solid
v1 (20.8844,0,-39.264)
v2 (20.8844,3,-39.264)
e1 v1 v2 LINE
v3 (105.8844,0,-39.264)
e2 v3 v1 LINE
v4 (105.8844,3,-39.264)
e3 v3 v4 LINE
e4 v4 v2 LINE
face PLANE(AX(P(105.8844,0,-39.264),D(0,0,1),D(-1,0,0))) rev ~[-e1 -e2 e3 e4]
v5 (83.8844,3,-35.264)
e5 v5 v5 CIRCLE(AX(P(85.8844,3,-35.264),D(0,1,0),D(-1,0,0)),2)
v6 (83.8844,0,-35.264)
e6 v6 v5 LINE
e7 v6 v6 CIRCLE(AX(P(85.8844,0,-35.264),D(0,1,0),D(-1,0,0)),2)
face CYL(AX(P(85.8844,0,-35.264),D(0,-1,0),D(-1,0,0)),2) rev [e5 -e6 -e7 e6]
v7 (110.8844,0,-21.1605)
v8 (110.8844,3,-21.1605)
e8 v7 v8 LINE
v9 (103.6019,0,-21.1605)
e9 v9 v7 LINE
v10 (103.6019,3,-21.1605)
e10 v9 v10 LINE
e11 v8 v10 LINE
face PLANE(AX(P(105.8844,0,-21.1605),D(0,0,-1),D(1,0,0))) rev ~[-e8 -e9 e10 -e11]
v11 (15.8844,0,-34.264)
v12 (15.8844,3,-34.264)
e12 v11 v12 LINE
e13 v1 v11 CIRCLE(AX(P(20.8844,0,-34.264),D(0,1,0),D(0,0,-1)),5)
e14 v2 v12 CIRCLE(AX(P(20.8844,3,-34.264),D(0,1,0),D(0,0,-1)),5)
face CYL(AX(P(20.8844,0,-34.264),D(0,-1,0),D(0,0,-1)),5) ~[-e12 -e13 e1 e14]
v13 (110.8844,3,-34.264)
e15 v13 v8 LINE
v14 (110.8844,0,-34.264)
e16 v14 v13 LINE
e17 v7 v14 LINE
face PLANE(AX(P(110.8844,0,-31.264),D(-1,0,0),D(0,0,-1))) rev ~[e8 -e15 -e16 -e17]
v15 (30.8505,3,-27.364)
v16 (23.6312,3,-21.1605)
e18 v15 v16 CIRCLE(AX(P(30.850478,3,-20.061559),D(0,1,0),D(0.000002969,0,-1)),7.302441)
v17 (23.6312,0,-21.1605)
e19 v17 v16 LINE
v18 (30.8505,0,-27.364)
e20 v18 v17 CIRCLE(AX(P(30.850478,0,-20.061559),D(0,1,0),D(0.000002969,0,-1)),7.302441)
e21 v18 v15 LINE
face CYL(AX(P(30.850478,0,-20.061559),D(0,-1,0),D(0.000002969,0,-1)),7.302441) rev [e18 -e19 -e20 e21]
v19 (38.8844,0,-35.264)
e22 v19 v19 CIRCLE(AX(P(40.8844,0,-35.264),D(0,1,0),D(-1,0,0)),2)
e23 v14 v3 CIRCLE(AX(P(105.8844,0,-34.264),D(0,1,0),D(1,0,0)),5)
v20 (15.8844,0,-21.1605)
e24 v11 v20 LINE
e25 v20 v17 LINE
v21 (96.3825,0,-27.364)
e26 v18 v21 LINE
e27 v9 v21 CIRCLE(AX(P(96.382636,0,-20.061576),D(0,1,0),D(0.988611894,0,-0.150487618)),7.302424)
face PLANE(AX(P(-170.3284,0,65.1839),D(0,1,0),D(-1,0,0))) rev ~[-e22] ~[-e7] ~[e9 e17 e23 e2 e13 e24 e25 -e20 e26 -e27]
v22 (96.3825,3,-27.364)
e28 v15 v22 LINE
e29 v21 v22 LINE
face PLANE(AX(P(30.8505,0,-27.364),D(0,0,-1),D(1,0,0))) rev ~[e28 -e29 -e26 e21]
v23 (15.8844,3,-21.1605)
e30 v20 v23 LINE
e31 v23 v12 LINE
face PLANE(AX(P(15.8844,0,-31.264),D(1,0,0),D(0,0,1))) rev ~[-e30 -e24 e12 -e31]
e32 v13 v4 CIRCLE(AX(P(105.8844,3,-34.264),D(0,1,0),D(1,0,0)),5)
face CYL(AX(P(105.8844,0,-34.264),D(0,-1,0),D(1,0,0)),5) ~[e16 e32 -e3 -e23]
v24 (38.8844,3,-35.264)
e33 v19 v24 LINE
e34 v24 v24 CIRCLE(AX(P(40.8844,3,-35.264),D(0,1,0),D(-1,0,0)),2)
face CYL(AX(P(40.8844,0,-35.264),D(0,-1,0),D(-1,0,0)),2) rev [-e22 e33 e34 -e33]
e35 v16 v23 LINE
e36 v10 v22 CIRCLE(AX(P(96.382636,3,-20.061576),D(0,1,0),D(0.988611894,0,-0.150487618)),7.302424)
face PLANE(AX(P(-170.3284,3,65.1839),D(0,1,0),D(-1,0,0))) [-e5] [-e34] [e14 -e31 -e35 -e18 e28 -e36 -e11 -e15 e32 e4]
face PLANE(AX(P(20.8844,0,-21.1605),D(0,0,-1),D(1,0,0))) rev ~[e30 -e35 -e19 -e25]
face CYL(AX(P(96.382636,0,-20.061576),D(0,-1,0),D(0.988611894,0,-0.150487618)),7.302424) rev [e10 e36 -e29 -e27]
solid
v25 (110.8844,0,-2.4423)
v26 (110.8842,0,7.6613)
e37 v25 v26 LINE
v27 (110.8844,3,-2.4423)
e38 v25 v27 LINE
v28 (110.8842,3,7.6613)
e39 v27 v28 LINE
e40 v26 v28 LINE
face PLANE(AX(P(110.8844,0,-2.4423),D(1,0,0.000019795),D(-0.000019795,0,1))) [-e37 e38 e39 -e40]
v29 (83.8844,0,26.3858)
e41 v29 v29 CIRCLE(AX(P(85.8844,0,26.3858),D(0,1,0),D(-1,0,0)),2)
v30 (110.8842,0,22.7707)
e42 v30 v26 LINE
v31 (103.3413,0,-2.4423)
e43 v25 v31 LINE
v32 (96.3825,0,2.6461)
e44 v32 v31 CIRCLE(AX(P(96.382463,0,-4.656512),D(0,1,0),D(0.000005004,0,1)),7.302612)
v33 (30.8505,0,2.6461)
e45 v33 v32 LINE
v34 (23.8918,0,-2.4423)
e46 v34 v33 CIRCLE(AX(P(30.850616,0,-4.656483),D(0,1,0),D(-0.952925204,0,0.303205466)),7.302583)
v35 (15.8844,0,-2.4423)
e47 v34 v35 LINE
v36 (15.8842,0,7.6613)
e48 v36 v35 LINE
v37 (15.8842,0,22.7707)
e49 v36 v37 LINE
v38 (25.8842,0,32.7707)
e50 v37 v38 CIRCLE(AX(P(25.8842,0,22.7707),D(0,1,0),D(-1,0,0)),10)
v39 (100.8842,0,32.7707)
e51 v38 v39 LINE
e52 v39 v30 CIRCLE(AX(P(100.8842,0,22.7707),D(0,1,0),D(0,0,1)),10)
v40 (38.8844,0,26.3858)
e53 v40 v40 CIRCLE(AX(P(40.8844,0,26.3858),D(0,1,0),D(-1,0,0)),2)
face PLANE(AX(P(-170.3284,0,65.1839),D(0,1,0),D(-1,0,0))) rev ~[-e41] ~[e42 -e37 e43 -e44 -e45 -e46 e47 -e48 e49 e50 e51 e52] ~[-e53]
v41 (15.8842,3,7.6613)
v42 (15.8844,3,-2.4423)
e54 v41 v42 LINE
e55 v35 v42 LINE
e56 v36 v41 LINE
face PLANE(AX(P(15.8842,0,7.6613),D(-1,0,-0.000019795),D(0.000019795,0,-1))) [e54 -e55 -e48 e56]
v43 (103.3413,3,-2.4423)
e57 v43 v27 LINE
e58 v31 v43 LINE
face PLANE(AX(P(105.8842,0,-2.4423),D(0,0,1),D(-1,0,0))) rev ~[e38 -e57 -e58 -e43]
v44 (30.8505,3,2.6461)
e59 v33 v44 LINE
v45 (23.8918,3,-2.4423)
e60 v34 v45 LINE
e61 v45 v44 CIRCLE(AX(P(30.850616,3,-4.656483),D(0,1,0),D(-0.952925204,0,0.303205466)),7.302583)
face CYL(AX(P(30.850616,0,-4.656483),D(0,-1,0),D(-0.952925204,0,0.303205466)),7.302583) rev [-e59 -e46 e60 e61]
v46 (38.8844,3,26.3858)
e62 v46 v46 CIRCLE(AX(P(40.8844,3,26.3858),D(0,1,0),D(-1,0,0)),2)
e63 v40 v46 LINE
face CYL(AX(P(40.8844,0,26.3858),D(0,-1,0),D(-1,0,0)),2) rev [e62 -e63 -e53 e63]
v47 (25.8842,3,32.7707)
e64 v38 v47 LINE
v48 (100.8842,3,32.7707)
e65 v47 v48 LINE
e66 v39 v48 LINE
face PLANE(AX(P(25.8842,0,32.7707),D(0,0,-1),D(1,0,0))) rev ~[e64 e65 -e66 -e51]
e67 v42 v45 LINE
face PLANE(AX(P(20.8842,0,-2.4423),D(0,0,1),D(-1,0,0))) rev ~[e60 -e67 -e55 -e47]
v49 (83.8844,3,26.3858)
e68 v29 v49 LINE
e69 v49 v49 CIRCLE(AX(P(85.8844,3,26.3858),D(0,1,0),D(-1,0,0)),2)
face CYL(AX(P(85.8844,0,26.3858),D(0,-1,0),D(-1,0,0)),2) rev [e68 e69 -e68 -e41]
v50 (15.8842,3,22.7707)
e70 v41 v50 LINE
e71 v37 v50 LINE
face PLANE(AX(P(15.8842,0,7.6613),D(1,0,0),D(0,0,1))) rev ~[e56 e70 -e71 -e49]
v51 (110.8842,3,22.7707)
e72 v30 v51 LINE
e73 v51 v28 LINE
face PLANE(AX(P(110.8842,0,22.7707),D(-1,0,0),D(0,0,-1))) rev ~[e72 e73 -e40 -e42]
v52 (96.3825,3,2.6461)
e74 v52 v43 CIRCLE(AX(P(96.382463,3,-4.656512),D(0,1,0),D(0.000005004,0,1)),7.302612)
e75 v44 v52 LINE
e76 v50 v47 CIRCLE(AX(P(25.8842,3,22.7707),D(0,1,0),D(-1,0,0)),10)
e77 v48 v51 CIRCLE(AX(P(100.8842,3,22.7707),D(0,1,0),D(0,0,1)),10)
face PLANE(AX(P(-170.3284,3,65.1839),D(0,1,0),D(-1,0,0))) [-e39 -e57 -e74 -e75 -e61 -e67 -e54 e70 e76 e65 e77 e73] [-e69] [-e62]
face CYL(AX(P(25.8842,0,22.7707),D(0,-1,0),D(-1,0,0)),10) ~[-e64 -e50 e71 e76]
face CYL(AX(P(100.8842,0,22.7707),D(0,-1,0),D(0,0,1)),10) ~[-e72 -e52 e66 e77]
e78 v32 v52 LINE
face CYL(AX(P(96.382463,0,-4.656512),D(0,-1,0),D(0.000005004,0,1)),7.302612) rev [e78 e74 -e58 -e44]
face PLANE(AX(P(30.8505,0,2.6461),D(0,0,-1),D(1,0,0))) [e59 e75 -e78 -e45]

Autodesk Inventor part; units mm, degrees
ref_plane "YZ Plane" through (0, 0, 0) normal (1, 0, 0) x (0, 1, 0)
ref_plane "XZ Plane" through (0, 0, 0) normal (0, 1, 0) x (-1, 0, 0)
ref_plane "XY Plane" through (0, 0, 0) normal (0, 0, 1) x (1, 0, 0)
sketch "Sketch2" plane through (-170.3284, 0, 65.1839) normal (0, 1, 0) x (-1, 0, 0)
  line L0 (-194.2202, -67.6262) -> (-191.2126, -67.6262)
  line L1 (-276.2126, -67.6262) -> (-273.6697, -67.6262)
  arc A0 (-266.7109, -62.5378) -> (-273.6697, -67.6262) centre (-266.7109, -69.8403) ccw
  line L2 (-201.1789, -62.5378) -> (-266.7109, -62.5378)
  arc A1 (-194.2202, -67.6262) -> (-201.1789, -62.5378) centre (-201.1789, -69.8403) ccw
  arc A2 (-273.9303, -86.3444) -> (-266.7109, -92.5479) centre (-266.7109, -85.2454) ccw
  line L3 (-201.1789, -92.5479) -> (-266.7109, -92.5479)
  line L4 (-191.2128, -86.3444) -> (-193.9596, -86.3444)
  line L5 (-186.2128, -99.4479) -> (-186.2128, -96.4479)
  arc A3 (-191.2128, -104.4479) -> (-186.2128, -99.4479) centre (-191.2128, -99.4479) ccw
  line L6 (-276.2128, -104.4479) -> (-191.2128, -104.4479)
  arc A4 (-281.2128, -99.4479) -> (-276.2128, -104.4479) centre (-276.2128, -99.4479) ccw
  line L7 (-273.9303, -86.3444) -> (-276.2128, -86.3444)
  line L8 (-281.2128, -96.4479) -> (-281.2128, -99.4479)
  line L9 (-186.2128, -96.4479) -> (-186.2128, -86.3444)
  line L10 (-186.2128, -86.3444) -> (-191.2128, -86.3444)
  line L11 (-276.2128, -86.3444) -> (-281.2128, -86.3444)
  line L12 (-281.2128, -86.3444) -> (-281.2128, -96.4479)
  line L13 (-276.2126, -67.6262) -> (-281.2128, -67.6262)
  line L14 (-281.2128, -67.6262) -> (-281.2126, -57.5226)
  line L15 (-191.2126, -67.6262) -> (-186.2128, -67.6262)
  line L16 (-186.2126, -57.5226) -> (-186.2128, -67.6262)
  arc A5 (-201.1789, -92.5479) -> (-193.9596, -86.3444) centre (-201.1789, -85.2454) ccw
  circle A6 centre (-211.2128, -100.4479) radius 2
  circle A7 centre (-256.2128, -100.4479) radius 2
  circle A8 centre (-256.2128, -38.7981) radius 2
  circle A9 centre (-211.2128, -38.7981) radius 2
  arc A10 (-271.2126, -32.4132) -> (-281.2126, -42.4132) centre (-271.2126, -42.4132) ccw
  line L17 (-281.2126, -42.4132) -> (-281.2126, -57.5226)
  line L18 (-196.2126, -32.4132) -> (-271.2126, -32.4132)
  arc A11 (-186.2126, -42.4132) -> (-196.2126, -32.4132) centre (-196.2126, -42.4132) ccw
  line L19 (-186.2126, -57.5226) -> (-186.2126, -42.4132)
  point P0 (-250.4088, -36.9615)
  point P1 (-249.4088, -99.1804)
extrude "Extrusion1" add sketch "Sketch2" along normal blind 3
properties part number "spacer top"
